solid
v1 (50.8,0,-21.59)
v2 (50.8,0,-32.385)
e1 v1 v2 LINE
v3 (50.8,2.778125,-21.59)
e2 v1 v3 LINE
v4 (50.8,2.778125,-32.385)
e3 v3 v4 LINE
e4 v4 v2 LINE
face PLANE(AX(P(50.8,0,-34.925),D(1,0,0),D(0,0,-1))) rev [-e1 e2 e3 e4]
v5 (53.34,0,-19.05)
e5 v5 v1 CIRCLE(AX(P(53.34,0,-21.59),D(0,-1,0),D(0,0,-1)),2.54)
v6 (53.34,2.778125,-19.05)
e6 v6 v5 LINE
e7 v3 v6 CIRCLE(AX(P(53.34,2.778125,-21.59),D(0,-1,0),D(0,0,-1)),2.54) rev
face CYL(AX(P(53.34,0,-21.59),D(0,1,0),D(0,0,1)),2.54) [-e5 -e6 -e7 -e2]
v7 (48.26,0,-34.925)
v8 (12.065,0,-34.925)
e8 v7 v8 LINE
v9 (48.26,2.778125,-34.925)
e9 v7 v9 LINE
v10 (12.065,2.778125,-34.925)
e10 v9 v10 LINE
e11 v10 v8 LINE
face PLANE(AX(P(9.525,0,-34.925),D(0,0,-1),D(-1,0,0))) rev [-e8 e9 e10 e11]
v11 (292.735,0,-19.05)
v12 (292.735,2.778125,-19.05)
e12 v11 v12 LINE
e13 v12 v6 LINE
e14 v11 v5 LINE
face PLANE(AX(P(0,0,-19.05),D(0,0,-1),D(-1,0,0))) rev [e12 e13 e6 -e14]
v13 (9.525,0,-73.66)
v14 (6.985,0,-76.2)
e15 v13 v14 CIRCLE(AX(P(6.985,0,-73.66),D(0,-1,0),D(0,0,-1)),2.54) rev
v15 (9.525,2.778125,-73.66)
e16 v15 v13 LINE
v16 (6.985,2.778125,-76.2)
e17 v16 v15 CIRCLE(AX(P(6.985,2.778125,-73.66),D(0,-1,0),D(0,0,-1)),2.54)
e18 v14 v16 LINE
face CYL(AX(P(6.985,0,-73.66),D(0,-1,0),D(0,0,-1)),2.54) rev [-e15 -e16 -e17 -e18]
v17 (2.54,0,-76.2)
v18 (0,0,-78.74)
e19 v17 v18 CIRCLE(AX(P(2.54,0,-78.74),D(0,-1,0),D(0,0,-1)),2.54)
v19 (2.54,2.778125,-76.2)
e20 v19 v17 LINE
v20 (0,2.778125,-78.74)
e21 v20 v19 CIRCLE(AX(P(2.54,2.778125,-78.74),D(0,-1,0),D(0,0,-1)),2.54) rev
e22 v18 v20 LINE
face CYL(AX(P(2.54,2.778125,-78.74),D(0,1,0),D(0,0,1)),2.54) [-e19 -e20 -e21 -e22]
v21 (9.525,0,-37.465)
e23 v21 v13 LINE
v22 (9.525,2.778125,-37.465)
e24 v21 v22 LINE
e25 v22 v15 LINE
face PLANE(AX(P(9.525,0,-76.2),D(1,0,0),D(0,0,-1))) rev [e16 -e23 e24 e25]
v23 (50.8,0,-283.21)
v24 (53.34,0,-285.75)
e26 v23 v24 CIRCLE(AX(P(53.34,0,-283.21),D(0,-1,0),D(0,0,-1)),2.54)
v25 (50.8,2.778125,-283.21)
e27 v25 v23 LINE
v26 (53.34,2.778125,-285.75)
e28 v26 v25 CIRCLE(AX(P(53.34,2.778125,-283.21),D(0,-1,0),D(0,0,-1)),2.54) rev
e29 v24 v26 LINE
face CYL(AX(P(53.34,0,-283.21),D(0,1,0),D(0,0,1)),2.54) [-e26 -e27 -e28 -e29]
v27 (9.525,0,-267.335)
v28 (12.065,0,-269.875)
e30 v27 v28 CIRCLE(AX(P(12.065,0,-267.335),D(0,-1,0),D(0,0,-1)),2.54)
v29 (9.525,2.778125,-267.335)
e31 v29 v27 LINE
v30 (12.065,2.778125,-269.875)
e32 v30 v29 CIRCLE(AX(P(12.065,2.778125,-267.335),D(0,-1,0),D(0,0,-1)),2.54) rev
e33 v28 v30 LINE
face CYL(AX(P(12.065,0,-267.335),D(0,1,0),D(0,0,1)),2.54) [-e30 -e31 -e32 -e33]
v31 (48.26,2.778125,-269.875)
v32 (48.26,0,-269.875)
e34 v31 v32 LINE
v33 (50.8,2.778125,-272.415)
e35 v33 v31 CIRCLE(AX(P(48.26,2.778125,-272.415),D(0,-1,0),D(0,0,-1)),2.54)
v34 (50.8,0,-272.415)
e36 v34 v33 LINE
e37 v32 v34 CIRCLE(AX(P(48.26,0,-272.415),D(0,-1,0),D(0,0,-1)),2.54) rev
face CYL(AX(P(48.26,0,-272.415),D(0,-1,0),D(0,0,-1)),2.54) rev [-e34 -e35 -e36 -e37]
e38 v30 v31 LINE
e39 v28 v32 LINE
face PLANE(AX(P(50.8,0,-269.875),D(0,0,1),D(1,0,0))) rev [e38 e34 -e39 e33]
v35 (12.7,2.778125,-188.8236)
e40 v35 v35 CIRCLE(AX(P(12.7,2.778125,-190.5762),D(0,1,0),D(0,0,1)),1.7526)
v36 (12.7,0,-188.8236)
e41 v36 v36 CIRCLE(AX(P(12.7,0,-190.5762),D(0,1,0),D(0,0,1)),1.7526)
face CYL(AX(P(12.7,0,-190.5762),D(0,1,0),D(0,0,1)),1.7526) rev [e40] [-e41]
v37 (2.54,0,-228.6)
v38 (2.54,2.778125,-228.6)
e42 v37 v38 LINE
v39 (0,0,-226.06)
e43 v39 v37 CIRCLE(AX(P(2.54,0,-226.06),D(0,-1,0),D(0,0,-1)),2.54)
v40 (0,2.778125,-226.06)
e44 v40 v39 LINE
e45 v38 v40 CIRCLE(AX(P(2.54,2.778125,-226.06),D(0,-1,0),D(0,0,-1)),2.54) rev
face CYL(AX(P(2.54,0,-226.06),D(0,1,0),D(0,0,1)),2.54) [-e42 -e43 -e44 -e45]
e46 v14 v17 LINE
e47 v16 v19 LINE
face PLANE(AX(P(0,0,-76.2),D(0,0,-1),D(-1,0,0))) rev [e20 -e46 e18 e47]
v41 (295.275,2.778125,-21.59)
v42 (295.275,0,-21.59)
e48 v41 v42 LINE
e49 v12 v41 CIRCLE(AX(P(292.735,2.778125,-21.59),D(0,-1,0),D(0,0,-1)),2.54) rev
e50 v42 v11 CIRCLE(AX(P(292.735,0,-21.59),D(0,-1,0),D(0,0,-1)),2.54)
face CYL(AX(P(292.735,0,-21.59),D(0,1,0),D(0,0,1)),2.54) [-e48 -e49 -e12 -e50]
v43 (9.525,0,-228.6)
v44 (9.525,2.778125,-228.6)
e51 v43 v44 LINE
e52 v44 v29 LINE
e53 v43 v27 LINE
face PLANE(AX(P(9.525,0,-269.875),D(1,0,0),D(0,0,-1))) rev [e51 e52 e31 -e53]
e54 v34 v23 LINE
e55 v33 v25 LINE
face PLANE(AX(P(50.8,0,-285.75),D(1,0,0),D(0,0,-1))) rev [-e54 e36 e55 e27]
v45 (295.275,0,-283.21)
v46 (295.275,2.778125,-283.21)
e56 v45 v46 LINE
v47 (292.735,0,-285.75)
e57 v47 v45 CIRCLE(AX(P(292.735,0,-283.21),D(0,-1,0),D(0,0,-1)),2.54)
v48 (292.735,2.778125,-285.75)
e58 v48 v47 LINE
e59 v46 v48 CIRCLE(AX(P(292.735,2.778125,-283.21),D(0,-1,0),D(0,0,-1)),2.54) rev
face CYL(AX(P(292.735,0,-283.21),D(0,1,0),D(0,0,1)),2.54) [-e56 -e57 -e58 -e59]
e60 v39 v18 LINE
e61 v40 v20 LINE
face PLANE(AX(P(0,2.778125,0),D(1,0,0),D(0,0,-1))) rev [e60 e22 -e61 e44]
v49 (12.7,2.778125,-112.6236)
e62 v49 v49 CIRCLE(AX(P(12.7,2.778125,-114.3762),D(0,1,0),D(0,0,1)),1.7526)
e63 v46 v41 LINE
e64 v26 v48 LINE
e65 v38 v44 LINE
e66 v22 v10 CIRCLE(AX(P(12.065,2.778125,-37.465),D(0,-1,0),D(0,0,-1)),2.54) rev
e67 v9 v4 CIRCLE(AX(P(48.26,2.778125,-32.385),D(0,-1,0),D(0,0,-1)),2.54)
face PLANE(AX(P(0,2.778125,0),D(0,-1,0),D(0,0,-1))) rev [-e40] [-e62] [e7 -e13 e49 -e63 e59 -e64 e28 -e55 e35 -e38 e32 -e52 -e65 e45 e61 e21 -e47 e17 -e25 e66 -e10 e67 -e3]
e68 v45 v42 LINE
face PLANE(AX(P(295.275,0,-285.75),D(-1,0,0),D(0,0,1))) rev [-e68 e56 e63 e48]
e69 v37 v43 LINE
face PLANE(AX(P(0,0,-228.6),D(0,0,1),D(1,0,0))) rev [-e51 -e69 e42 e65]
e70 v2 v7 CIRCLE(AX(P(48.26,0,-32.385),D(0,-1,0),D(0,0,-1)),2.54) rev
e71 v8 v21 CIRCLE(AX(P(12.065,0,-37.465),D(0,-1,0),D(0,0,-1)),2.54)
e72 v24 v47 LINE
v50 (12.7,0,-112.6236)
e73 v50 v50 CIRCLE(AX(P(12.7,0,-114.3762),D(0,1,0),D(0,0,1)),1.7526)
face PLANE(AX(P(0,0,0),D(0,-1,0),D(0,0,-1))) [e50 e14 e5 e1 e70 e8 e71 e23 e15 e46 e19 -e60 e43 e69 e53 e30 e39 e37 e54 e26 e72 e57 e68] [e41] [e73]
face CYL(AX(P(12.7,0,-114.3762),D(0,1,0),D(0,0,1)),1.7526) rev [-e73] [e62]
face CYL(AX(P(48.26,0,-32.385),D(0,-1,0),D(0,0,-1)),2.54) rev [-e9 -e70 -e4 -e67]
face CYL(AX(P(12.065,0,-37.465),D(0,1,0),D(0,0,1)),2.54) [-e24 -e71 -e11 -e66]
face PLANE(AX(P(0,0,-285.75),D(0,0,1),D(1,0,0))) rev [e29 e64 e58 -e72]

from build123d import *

# Parameters (mm, degrees)
SKETCH1_W           = 304.8
SKETCH1_H           = 304.8
BOSS_EXTRUDE1_DEPTH = 2.778125
SKETCH2_W           = 304.8
SKETCH2_H           = 19.05
CUT_EXTRUDE1_DEPTH  = 3.778125
CUT_EXTRUDE2_DEPTH  = 3.778125
SKETCH4_R           = 1.7526
CUT_EXTRUDE3_DEPTH  = 3.778125
SKETCH5_W           = 9.525
SKETCH5_H           = 266.7
CUT_EXTRUDE4_DEPTH  = 3.778125
FILLET1_R           = 2.54


with BuildPart() as part:
    # Sketch1 → Boss-Extrude1 (new body)
    with BuildSketch(Plane(origin=(0, 0, 0), x_dir=(1, 0, 0), z_dir=(0, 1, 0))):
        with Locations((152.4, 152.4)):
            Rectangle(SKETCH1_W, SKETCH1_H)
    extrude(amount=BOSS_EXTRUDE1_DEPTH)

    # Sketch2 → Cut-Extrude1 (cut, through all)
    with BuildSketch(Plane(origin=(0, 2.778125, 0), x_dir=(1, 0, 0), z_dir=(0, 1, 0))):
        with Locations((152.4, 9.525)):
            Rectangle(SKETCH2_W, SKETCH2_H)
        with Locations((152.4, 295.275)):
            Rectangle(SKETCH2_W, SKETCH2_H)
    extrude(amount=-CUT_EXTRUDE1_DEPTH, mode=Mode.SUBTRACT)

    # Sketch3 → Cut-Extrude2 (cut, through all)
    with BuildSketch(Plane(origin=(0, 2.778125, 0), x_dir=(1, 0, 0), z_dir=(0, 1, 0))):
        Polygon((50.8, 285.75), (0, 285.75), (0, 228.6), (9.525, 228.6), (9.525, 269.875), (50.8, 269.875), align=None)
        Polygon((0, 19.05), (0, 76.2), (9.525, 76.2), (9.525, 34.925), (50.8, 34.925), (50.8, 19.05), align=None)
    extrude(amount=-CUT_EXTRUDE2_DEPTH, mode=Mode.SUBTRACT)

    # Sketch4 → Cut-Extrude3 (cut, through all)
    with BuildSketch(Plane(origin=(0, 2.778125, 0), x_dir=(1, 0, 0), z_dir=(0, 1, 0))):
        with Locations((12.7, 190.5762)):
            Circle(SKETCH4_R)
        with Locations((12.7, 114.3762)):
            Circle(SKETCH4_R)
    extrude(amount=-CUT_EXTRUDE3_DEPTH, mode=Mode.SUBTRACT)

    # Sketch5 → Cut-Extrude4 (cut, through all)
    with BuildSketch(Plane(origin=(0, 2.778125, 0), x_dir=(1, 0, 0), z_dir=(0, 1, 0))):
        with Locations((300.0375, 152.4)):
            Rectangle(SKETCH5_W, SKETCH5_H)
    extrude(amount=-CUT_EXTRUDE4_DEPTH, mode=Mode.SUBTRACT)

    # Fillet1
    fillet1_edges = [part.edges().sort_by_distance(p)[0] for p in [
        (295.275, 1.3890625, -19.05),
        (295.275, 1.3890625, -285.75),
        (50.8, 1.3890625, -285.75),
        (50.8, 1.3890625, -269.875),
        (9.525, 1.3890625, -269.875),
        (0, 1.3890625, -228.6),
        (50.8, 1.3890625, -19.05),
        (0, 1.3890625, -76.2),
        (9.525, 1.3890625, -76.2),
        (9.525, 1.3890625, -34.925),
        (50.8, 1.3890625, -34.925),
    ]]
    fillet(fillet1_edges, radius=FILLET1_R)


solid = part.part
